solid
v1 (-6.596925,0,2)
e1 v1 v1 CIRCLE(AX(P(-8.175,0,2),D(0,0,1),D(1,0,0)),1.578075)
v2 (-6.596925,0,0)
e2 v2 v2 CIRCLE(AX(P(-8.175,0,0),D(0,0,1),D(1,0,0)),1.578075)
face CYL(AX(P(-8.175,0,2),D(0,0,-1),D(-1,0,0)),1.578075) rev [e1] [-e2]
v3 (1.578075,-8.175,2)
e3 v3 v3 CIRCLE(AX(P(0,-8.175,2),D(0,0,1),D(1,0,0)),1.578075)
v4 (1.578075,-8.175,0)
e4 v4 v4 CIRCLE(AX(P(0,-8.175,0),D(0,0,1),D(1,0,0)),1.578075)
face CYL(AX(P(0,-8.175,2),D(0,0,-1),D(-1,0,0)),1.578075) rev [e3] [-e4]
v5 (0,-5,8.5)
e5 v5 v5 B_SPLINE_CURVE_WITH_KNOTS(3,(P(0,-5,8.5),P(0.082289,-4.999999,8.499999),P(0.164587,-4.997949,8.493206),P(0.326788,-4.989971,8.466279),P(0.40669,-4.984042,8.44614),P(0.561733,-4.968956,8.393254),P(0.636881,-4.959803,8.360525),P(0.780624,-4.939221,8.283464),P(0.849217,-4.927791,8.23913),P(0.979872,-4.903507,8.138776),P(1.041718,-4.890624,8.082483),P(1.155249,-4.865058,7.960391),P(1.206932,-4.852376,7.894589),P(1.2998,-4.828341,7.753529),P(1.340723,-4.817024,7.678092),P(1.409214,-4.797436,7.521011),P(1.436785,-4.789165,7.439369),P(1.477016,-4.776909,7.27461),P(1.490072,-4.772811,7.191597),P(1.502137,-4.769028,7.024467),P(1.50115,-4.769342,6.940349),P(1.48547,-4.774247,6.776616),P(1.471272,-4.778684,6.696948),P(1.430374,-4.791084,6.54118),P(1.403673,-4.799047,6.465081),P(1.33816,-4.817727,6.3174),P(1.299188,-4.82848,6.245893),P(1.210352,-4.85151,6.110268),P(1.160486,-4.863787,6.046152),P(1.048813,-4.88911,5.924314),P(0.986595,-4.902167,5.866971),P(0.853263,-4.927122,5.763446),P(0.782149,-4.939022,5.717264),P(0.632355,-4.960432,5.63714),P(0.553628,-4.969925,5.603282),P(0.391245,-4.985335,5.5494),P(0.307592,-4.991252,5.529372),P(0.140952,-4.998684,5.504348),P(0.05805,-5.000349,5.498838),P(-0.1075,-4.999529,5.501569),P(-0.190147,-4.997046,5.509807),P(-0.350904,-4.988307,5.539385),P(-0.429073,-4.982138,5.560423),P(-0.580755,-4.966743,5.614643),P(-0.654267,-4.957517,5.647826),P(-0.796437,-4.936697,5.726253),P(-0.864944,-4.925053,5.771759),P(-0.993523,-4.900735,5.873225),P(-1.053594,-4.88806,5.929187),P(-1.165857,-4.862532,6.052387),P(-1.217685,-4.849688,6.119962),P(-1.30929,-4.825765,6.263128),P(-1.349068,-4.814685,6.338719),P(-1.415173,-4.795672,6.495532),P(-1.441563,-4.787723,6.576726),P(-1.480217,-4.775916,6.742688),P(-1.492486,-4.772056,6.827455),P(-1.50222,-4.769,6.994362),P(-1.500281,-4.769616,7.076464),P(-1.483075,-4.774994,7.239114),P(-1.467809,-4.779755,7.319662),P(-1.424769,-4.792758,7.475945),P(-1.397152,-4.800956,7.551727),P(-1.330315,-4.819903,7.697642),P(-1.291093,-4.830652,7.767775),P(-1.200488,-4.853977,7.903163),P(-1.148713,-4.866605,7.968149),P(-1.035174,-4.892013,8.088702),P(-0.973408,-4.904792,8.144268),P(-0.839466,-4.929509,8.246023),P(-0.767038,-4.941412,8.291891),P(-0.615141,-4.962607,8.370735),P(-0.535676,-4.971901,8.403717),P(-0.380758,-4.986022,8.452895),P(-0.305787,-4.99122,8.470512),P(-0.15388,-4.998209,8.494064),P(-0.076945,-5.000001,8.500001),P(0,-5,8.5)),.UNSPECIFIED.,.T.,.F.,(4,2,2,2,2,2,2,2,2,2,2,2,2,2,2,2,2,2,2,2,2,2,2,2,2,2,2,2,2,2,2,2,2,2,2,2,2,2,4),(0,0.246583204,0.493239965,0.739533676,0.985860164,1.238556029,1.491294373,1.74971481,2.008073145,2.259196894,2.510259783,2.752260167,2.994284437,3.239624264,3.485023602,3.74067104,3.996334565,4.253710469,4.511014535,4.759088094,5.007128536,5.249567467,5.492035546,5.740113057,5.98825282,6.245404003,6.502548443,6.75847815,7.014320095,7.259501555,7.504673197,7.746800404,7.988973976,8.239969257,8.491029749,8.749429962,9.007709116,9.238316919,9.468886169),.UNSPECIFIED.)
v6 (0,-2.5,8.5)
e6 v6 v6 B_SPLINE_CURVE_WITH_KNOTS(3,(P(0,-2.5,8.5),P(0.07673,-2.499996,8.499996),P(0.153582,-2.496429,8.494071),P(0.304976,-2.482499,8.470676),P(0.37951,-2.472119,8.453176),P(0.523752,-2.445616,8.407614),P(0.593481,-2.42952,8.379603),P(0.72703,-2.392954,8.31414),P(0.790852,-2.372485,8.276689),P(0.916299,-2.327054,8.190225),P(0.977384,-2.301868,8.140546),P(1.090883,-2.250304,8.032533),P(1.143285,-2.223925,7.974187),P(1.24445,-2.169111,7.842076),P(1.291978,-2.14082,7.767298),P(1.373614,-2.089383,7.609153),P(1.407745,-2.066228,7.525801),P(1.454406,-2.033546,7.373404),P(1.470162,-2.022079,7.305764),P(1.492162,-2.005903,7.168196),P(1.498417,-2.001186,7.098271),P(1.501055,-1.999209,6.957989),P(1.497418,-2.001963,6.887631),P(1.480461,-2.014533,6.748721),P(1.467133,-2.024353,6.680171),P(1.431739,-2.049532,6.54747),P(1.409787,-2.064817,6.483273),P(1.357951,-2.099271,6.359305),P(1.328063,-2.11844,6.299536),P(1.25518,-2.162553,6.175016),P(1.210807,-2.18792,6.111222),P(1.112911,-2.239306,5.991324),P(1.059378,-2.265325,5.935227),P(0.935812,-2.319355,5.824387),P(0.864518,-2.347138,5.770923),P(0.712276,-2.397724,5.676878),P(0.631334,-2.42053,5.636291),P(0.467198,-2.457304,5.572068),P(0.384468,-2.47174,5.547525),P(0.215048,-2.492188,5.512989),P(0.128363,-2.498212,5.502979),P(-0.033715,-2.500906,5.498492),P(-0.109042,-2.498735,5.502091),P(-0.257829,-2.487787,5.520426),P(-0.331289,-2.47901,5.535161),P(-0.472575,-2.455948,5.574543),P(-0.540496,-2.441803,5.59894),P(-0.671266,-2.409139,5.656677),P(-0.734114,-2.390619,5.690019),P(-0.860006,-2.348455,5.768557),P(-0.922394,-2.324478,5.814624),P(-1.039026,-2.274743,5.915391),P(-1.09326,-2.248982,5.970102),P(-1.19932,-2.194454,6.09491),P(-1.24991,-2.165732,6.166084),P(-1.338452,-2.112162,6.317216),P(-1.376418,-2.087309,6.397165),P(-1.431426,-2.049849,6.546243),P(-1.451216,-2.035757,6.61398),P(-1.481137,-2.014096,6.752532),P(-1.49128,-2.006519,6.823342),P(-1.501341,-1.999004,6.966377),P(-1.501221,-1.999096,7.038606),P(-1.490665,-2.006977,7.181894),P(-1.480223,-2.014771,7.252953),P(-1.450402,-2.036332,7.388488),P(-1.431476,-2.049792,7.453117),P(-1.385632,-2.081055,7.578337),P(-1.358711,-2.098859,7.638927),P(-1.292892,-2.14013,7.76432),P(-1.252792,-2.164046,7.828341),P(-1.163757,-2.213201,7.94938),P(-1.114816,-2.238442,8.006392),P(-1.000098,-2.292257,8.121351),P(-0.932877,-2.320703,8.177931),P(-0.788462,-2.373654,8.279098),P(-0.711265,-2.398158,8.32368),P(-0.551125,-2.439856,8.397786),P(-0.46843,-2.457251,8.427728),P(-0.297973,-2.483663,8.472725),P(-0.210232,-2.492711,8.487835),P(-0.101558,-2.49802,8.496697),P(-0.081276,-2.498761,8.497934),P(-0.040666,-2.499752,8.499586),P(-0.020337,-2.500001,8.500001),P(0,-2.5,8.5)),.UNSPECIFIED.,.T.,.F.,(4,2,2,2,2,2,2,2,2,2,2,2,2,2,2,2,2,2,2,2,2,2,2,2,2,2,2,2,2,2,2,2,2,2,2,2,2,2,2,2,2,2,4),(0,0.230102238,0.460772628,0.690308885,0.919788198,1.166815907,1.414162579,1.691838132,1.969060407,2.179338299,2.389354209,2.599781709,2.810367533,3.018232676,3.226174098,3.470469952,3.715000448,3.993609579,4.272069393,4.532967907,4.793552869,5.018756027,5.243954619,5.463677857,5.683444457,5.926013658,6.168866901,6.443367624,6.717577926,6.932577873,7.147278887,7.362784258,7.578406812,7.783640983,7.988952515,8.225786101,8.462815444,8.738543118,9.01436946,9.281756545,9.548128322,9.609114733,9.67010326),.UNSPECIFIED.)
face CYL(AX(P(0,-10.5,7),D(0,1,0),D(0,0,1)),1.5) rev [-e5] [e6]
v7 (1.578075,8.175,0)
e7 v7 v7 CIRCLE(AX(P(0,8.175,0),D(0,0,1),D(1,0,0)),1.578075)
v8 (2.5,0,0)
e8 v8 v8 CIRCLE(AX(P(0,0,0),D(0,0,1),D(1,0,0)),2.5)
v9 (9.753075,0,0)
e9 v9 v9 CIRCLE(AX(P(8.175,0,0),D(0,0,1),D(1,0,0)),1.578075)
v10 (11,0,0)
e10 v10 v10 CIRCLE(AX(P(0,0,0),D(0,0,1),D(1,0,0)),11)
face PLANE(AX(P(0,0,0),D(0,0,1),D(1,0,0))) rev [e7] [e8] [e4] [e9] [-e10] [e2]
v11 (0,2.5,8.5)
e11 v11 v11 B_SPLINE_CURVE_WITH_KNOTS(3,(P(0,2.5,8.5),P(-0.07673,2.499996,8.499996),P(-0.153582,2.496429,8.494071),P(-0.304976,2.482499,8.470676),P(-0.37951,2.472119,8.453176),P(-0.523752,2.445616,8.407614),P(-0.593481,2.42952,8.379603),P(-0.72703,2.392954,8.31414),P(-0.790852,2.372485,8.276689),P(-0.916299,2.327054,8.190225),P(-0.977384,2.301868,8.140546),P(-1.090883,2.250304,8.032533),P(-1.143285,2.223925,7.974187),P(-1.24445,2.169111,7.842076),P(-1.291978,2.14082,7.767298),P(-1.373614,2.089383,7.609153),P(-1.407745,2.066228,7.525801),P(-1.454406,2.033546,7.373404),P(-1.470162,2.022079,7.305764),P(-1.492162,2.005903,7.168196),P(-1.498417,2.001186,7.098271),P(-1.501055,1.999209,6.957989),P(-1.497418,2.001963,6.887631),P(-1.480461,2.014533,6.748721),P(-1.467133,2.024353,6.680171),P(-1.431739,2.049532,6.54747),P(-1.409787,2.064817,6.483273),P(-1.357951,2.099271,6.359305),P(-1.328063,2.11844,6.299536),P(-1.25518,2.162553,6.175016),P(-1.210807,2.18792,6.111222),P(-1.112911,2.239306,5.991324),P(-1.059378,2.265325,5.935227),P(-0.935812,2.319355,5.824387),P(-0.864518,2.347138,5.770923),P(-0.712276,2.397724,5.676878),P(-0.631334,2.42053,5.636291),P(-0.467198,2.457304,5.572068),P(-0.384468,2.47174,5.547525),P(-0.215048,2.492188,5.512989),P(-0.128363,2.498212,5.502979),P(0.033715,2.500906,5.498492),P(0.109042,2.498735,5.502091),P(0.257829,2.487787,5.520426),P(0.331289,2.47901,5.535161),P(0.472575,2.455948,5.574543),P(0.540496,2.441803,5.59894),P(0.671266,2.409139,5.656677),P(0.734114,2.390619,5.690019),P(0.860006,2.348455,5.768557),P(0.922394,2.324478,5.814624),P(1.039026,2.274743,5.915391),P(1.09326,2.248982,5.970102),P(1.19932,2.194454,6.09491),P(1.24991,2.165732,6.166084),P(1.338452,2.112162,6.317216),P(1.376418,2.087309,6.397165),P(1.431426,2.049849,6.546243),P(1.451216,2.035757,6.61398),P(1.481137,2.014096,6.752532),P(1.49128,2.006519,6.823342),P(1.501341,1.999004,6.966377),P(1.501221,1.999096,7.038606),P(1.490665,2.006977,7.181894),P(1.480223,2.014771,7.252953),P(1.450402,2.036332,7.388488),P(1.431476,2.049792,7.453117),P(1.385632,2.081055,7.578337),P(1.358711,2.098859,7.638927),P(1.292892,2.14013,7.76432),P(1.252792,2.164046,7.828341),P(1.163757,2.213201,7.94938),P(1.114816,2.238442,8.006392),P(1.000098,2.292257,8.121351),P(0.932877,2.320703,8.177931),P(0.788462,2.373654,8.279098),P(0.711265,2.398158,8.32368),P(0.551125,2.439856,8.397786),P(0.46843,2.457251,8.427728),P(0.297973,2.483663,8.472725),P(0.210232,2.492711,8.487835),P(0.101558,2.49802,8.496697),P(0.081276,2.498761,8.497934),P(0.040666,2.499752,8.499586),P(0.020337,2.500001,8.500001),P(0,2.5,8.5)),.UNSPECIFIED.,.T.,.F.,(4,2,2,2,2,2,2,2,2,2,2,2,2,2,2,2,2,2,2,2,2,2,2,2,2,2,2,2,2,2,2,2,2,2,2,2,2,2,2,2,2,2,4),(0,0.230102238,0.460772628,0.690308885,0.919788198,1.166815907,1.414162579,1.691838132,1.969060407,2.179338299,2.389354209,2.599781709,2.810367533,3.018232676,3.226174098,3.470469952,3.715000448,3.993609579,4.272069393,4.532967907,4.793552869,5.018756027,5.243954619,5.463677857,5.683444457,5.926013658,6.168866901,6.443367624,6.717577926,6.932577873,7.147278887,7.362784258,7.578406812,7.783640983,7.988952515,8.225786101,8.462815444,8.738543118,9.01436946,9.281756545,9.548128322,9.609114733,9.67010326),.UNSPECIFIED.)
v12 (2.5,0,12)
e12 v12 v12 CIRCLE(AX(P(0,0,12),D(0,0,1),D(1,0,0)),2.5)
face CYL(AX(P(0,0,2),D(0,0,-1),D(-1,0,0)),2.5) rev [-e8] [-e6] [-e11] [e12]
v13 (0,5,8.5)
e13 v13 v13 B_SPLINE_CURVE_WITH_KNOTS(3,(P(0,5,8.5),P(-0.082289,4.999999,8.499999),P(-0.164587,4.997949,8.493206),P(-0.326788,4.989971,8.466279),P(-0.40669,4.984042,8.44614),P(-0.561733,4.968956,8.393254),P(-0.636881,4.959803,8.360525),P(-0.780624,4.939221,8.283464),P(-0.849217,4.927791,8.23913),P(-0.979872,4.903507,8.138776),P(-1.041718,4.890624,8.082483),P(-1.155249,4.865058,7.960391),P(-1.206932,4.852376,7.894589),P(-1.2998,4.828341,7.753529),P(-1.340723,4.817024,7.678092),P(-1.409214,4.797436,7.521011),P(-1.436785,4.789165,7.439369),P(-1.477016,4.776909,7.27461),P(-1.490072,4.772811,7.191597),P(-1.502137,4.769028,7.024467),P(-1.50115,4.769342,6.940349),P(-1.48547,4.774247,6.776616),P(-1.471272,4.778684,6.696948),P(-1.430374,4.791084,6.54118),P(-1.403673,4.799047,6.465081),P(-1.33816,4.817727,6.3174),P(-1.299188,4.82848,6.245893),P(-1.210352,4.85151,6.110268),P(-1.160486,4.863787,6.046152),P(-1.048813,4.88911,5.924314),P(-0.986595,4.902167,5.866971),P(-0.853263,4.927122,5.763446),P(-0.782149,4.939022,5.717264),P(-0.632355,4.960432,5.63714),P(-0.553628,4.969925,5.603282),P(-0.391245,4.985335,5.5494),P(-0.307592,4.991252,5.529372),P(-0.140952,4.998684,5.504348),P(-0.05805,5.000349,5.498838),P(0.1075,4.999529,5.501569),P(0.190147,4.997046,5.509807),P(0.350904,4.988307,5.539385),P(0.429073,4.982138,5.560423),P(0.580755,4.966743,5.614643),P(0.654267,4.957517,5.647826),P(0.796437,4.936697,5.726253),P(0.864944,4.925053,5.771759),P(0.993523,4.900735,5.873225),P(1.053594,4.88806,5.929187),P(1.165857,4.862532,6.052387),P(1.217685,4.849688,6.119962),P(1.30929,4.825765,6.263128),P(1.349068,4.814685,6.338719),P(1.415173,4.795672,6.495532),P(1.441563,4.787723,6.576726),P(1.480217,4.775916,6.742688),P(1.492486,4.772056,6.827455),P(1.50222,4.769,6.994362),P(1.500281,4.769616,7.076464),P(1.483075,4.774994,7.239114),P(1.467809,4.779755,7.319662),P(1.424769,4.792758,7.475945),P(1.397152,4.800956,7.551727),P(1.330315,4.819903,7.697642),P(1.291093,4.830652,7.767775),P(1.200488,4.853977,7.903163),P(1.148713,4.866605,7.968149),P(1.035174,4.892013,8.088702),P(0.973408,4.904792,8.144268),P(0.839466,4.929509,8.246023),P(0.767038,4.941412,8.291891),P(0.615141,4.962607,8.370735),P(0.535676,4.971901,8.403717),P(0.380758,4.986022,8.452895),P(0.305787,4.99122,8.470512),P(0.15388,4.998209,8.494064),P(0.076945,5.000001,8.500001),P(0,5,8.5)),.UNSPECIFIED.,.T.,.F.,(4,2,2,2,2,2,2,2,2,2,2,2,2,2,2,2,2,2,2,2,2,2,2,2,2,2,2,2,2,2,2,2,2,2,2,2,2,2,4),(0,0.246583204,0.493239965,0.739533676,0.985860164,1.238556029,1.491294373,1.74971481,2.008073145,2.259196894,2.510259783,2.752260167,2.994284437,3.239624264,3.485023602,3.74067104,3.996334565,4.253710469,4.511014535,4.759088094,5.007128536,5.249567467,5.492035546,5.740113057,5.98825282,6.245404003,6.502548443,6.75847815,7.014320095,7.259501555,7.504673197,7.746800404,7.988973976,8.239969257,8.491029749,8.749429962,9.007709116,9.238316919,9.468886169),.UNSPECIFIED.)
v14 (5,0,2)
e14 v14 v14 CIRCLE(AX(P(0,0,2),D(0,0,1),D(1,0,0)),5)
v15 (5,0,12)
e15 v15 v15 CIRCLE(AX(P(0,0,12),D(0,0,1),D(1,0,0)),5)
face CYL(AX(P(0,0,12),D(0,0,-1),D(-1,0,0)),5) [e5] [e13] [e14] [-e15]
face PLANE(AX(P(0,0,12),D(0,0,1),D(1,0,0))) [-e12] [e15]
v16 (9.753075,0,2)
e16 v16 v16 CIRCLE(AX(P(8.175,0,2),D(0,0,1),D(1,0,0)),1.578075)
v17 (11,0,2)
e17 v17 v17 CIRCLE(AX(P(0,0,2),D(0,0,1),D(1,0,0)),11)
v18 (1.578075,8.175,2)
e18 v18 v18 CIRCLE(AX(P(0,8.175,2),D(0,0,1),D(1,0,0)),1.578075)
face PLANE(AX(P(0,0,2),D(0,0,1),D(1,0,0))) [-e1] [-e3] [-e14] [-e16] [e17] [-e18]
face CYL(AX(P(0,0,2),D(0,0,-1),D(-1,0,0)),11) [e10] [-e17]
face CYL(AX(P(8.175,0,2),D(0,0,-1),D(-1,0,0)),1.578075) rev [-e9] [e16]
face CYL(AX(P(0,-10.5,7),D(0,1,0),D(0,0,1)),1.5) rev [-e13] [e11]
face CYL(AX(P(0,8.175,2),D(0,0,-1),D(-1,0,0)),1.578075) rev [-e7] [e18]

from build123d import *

# Parameters (mm, degrees)
SKETCH1_R           = 11
SKETCH1_R_2         = 2.5
SKETCH1_R_3         = 1.578075371
BOSS_EXTRUDE1_DEPTH = 2
SKETCH2_R           = 5
SKETCH2_R_2         = 2.5
BOSS_EXTRUDE2_DEPTH = 10
SKETCH3_R           = 1.5
CUT_EXTRUDE1_DEPTH  = 10.5


with BuildPart() as part:
    # Sketch1 → Boss-Extrude1 (new body)
    with BuildSketch(Plane.XY):
        Circle(SKETCH1_R)
        Circle(SKETCH1_R_2, mode=Mode.SUBTRACT)
        with Locations((-8.175, 0)):
            Circle(SKETCH1_R_3, mode=Mode.SUBTRACT)
        with Locations((0, 8.175)):
            Circle(SKETCH1_R_3, mode=Mode.SUBTRACT)
        with Locations((8.175, 0)):
            Circle(SKETCH1_R_3, mode=Mode.SUBTRACT)
        with Locations((0, -8.175)):
            Circle(SKETCH1_R_3, mode=Mode.SUBTRACT)
    extrude(amount=BOSS_EXTRUDE1_DEPTH)

    # Sketch2 → Boss-Extrude2 (add)
    with BuildSketch(Plane.XY.offset(2)):
        Circle(SKETCH2_R)
        Circle(SKETCH2_R_2, mode=Mode.SUBTRACT)
    extrude(amount=BOSS_EXTRUDE2_DEPTH)

    # Sketch3 → Cut-Extrude1 (cut, symmetric)
    with BuildSketch(Plane(origin=(0, 0, 0), x_dir=(1, 0, 0), z_dir=(0, 1, 0))):
        with Locations(Location((0, -7, 0), (0, 0, 270))):
            Circle(SKETCH3_R)
    extrude(amount=CUT_EXTRUDE1_DEPTH, both=True, mode=Mode.SUBTRACT)


solid = part.part
